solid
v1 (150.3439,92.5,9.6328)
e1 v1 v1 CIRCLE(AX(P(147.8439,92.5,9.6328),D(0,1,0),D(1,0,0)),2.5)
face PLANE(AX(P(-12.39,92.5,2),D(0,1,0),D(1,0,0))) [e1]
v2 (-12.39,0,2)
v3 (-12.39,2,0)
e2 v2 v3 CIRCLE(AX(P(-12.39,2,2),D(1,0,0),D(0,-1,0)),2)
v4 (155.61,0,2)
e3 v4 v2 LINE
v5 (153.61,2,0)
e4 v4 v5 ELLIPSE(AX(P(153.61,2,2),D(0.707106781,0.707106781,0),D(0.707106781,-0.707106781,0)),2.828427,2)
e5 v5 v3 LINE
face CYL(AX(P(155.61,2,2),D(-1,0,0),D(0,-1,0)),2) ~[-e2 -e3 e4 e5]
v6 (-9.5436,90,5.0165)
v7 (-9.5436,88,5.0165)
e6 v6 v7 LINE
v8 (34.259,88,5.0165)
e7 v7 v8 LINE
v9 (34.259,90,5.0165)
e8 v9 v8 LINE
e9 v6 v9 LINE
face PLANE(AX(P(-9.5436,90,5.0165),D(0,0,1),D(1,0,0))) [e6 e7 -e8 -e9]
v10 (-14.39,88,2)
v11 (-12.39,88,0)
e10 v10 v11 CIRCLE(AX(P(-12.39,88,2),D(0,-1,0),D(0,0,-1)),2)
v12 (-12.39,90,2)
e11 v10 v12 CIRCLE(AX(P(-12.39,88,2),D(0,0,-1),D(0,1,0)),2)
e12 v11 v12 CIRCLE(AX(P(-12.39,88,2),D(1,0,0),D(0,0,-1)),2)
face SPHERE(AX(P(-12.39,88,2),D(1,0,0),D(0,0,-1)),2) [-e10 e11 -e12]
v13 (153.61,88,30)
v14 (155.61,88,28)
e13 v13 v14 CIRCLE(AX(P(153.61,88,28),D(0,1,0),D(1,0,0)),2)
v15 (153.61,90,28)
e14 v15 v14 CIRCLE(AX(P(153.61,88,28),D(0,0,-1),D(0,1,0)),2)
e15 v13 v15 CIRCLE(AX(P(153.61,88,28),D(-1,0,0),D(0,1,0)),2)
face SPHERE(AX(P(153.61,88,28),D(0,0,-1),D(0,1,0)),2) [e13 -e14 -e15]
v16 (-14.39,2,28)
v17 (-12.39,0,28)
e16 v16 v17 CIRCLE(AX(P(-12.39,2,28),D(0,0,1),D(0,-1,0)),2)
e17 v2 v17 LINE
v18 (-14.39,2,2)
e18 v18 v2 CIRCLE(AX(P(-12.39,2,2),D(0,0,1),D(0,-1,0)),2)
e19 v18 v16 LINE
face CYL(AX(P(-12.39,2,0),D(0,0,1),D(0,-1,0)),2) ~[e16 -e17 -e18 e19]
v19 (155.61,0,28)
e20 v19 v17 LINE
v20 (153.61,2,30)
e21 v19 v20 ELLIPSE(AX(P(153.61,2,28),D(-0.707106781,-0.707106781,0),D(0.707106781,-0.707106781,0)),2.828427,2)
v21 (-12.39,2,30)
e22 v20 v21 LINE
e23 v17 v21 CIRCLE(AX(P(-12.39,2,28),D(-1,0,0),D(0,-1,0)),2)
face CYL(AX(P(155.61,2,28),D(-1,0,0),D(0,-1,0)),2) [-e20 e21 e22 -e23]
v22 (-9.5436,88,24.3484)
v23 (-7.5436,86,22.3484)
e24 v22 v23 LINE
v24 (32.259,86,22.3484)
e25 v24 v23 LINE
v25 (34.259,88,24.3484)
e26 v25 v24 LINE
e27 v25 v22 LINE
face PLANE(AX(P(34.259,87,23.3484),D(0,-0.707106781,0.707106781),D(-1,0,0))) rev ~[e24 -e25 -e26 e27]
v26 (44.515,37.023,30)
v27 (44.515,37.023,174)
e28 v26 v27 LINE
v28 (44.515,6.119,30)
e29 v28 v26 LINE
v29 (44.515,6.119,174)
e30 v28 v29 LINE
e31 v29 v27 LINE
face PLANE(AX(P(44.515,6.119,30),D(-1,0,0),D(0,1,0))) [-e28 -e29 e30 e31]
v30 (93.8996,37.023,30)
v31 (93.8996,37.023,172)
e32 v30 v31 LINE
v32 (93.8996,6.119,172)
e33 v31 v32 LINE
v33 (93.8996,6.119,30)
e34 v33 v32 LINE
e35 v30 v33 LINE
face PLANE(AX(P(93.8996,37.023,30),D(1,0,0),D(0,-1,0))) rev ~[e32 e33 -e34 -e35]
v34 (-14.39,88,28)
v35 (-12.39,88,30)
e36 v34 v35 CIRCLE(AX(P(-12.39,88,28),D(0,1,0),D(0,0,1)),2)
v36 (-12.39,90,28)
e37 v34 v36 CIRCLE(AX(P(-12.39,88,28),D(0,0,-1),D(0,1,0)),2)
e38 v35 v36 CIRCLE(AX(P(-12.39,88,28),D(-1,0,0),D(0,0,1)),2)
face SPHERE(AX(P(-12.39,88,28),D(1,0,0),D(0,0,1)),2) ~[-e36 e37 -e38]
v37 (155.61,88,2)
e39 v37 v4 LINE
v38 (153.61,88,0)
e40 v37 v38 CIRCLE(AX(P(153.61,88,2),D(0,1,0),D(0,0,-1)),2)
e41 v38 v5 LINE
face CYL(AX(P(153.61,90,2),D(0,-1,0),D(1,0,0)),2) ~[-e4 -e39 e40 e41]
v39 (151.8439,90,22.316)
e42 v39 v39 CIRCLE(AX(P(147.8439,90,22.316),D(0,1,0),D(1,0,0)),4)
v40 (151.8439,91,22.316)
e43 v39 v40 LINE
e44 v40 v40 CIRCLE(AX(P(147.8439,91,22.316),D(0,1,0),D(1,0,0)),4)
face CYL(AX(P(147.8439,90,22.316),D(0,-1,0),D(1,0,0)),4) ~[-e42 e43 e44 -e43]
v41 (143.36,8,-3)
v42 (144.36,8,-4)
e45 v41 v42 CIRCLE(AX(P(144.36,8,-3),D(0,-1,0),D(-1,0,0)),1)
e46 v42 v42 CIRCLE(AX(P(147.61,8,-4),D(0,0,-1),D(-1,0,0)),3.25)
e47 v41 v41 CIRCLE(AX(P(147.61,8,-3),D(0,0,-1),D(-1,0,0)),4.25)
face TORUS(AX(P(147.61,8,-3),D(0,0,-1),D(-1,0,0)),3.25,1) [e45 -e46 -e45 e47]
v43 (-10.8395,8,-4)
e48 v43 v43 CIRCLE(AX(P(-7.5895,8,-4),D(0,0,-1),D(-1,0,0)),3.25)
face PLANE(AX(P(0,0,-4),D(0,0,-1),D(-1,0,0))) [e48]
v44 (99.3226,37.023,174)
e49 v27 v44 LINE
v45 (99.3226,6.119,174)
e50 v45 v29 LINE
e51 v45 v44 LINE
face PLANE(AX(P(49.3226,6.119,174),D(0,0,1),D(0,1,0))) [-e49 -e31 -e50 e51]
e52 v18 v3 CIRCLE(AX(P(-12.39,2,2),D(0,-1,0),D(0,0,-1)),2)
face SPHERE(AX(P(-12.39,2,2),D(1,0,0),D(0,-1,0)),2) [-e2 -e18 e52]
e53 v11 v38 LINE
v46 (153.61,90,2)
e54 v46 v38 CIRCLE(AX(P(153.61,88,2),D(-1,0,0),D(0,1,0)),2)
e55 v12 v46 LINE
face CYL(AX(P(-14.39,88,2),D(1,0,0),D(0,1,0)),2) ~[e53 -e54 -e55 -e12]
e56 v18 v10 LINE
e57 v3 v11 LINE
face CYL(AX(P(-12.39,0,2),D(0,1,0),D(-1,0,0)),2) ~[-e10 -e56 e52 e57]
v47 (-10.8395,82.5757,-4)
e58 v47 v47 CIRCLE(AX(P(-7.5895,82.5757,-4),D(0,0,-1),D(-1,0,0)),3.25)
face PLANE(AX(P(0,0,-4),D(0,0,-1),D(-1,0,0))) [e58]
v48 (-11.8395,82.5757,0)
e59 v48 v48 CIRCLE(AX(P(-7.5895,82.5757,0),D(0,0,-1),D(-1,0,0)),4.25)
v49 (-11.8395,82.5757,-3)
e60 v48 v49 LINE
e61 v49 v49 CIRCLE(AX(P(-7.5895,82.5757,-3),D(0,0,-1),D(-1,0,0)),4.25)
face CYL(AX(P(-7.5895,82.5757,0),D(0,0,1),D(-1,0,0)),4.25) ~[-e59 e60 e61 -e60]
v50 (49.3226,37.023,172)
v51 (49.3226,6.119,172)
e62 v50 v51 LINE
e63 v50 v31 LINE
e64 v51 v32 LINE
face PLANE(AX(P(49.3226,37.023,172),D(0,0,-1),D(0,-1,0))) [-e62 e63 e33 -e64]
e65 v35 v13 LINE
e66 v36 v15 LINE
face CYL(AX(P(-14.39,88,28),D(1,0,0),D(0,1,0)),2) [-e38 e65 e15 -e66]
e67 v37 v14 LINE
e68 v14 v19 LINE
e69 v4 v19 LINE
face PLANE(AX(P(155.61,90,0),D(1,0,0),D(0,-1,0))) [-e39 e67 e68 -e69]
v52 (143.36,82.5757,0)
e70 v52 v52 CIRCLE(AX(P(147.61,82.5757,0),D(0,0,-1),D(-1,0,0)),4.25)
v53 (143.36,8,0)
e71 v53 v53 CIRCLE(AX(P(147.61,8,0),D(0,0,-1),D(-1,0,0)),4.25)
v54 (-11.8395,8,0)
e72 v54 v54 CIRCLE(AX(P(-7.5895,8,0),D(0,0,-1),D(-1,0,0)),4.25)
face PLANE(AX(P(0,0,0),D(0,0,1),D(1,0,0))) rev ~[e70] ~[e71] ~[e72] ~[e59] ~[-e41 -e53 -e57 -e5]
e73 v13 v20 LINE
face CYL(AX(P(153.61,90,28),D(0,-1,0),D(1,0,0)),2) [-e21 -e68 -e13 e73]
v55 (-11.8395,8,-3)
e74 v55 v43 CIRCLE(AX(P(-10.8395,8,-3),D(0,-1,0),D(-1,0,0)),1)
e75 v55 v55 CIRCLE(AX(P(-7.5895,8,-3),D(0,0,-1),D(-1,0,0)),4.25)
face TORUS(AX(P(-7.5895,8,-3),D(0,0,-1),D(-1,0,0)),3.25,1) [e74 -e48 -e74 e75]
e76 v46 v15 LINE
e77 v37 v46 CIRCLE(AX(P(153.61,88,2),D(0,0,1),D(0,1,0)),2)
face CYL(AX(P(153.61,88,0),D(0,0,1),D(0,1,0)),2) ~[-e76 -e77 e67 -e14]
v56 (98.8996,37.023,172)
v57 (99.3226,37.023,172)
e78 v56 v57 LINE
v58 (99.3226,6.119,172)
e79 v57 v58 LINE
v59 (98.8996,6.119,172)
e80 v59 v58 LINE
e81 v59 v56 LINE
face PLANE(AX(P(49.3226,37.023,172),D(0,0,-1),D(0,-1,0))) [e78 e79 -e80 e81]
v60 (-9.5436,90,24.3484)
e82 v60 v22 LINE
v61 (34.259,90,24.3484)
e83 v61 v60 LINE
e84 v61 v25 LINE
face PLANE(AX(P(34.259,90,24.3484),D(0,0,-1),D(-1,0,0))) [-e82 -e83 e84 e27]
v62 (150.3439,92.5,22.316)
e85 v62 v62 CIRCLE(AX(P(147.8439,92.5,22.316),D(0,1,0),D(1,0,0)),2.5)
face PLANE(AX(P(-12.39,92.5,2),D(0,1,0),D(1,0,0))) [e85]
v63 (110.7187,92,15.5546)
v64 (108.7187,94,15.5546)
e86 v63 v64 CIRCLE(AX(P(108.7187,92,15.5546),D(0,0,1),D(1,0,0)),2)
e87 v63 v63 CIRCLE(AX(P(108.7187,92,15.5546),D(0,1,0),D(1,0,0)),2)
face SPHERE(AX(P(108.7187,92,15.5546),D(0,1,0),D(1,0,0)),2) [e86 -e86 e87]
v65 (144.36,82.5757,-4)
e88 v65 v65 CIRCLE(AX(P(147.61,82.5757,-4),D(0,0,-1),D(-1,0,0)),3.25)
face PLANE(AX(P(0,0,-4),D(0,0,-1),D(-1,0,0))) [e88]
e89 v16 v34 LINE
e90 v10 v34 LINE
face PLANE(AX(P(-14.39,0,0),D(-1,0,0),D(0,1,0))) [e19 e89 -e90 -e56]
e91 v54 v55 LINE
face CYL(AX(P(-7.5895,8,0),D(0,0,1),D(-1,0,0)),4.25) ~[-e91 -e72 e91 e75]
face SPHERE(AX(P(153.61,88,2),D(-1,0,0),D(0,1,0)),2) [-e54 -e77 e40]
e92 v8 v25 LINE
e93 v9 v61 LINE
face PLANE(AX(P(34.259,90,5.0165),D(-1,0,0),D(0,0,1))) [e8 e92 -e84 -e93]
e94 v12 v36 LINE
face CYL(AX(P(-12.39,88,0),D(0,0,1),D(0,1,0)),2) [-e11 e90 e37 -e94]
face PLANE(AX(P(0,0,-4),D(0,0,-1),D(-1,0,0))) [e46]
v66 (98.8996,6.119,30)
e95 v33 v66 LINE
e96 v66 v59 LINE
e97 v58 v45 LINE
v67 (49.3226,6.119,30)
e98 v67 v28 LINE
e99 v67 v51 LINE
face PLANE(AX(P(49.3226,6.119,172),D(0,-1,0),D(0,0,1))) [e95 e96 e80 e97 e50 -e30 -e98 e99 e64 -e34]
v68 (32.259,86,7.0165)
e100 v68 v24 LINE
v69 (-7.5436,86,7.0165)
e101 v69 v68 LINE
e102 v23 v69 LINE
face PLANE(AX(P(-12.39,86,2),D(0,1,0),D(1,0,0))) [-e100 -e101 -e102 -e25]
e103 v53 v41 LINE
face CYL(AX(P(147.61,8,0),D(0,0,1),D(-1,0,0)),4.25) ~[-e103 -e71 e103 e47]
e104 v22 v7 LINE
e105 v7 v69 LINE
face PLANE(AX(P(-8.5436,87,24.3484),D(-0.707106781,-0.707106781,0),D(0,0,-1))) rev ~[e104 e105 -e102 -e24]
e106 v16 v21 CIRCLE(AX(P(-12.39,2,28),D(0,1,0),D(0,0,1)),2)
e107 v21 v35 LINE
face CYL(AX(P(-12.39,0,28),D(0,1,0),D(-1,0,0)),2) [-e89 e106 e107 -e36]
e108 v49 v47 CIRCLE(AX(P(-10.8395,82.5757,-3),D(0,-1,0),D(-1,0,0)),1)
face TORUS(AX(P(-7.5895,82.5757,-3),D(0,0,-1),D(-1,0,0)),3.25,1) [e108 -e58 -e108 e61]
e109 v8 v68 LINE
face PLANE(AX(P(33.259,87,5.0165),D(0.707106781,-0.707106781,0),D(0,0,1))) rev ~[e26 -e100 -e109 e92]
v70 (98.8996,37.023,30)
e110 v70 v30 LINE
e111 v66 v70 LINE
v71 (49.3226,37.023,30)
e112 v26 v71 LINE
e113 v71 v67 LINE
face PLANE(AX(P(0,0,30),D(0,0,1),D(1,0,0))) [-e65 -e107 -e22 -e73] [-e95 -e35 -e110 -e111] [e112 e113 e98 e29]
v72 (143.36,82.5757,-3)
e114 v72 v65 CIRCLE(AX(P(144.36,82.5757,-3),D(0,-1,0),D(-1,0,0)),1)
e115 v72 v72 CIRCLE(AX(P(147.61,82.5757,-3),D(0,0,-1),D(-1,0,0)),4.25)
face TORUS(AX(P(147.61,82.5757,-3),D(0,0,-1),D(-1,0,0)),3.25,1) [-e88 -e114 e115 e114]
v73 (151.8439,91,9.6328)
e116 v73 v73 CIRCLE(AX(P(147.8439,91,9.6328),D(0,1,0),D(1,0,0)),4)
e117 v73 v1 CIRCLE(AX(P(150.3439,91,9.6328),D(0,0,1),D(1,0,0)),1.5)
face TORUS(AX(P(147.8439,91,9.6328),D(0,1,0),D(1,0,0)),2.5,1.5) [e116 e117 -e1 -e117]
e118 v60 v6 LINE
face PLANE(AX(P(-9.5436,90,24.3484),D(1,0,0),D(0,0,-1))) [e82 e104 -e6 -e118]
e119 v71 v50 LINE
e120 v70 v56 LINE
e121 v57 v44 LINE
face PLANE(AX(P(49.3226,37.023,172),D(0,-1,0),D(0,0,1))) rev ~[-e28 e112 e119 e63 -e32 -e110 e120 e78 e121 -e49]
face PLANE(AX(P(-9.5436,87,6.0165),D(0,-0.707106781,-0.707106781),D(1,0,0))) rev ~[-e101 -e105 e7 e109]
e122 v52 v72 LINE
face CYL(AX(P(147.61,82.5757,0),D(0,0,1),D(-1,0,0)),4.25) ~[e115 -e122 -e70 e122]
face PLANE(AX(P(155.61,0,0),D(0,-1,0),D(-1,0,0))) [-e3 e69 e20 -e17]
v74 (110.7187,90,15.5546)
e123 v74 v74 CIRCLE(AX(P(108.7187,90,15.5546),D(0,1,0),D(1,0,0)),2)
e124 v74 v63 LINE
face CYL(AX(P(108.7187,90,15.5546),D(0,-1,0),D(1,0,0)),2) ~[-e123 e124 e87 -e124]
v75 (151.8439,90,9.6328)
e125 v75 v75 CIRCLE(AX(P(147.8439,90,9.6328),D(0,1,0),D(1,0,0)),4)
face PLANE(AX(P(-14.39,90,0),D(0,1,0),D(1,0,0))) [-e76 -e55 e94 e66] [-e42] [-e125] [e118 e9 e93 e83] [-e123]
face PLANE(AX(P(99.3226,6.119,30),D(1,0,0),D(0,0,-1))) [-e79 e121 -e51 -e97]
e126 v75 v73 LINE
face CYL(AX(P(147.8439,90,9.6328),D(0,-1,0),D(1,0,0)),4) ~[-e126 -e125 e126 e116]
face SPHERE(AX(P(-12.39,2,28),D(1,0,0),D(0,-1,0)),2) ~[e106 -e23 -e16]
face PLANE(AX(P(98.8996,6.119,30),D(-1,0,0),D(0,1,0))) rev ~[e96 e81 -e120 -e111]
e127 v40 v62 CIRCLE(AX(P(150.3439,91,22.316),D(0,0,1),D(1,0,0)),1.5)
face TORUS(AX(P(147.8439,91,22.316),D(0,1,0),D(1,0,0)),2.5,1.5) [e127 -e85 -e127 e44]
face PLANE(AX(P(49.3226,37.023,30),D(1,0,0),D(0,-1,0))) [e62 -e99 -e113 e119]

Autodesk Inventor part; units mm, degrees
ref_plane "YZ Plane" through (0, 0, 0) normal (1, 0, 0) x (0, 1, 0)
ref_plane "XZ Plane" through (0, 0, 0) normal (0, 1, 0) x (-1, 0, 0)
ref_plane "XY Plane" through (0, 0, 0) normal (0, 0, 1) x (1, 0, 0)
sketch "Sketch1" plane through (0, 0, 0) normal (0, 0, 1) x (1, 0, 0)
  line L0 (-14.39, 90) -> (155.61, 90)
  line L1 (155.61, 90) -> (155.61, 0)
  line L2 (155.61, 0) -> (-14.39, 0)
  line L3 (-14.39, 0) -> (-14.39, 90)
  point P0 (0, 0)
  dimension "d0" = 170
  dimension "d1" = 90
extrude "Extrusion1" add sketch "Sketch1" along normal blind 30
fillet "Fillet1" radius 2 11 edges at (70.61, 90, 0) (155.61, 90, 15) (70.61, 90, 30) (155.61, 45, 0) (155.61, 45, 30) (70.61, 0, 0) (70.61, 0, 30) (-14.39, 0, 15) (-14.39, 45, 30) (-14.39, 45, 0) (-14.39, 90, 15)
sketch "Sketch2" plane through (-12.39, 90, 2) normal (0, 1, 0) x (1, 0, 0)
  circle A0 centre (160.2339, -7.6328) radius 4
  circle A1 centre (160.2339, -20.316) radius 4
  point P0 (12.39, 2)
extrude "Extrusion2" add sketch "Sketch2" along normal blind 2.5
fillet "Fillet2" radius 1.5 2 edges at (143.844, 92.5, 22.316) (143.844, 92.5, 9.6328)
sketch "Sketch3" plane through (0, 0, 0) normal (0, 0, -1) x (-1, 0, 0)
  line L0 (-155.61, 0) -> (-147.61, 0)
  line L1 (12.39, 0) -> (-155.61, 0) projected
  circle A0 centre (-147.61, 82.5757) radius 4.25
  circle A1 centre (-147.61, 8) radius 4.25
  circle A2 centre (7.5895, 8) radius 4.25
  circle A3 centre (7.5895, 82.5757) radius 4.25
  point P0 (0, 0)
extrude "Extrusion3" add sketch "Sketch3" along normal blind 4
fillet "Fillet3" radius 1 4 edges at (151.86, 82.5757, -4) (151.86, 8, -4) (-3.3395, 8, -4) (-3.3395, 82.5757, -4)
sketch "Sketch4" plane through (-12.39, 90, 2) normal (0, 1, 0) x (1, 0, 0)
  line L0 (46.649, -22.3484) -> (2.8464, -22.3484)
  line L1 (2.8464, -22.3484) -> (2.8464, -3.0165)
  line L2 (2.8464, -3.0165) -> (46.649, -3.0165)
  line L3 (46.649, -3.0165) -> (46.649, -22.3484)
  point P0 (12.39, 2)
extrude "Extrusion4" cut sketch "Sketch4" against normal blind 4
chamfer "Chamfer1" distance 2 angle 45 4 edges at (34.259, 86, 14.6824) (12.3577, 86, 5.0165) (-9.5436, 86, 14.6824) (12.3577, 86, 24.3484)
sketch "Sketch5" plane through (-14.39, 2, 2) normal (-1, 0, 0) x (0, 0, 1)
  point P0 (-2, -2)
sketch "Sketch6" plane through (0, 0, 30) normal (0, 0, 1) x (1, 0, 0)
  line L0 (-14.39, 88) -> (-14.39, 2) projected
  line L1 (44.515, 37.023) -> (49.3226, 37.023)
  line L2 (49.3226, 37.023) -> (49.3226, 6.119)
  line L3 (49.3226, 6.119) -> (44.515, 6.119)
  line L4 (44.515, 6.119) -> (44.515, 37.023)
  line L5 (155.61, 0) -> (155.61, 88) projected
  line L6 (98.364, 37.023) -> (93.364, 37.023)
  line L7 (93.364, 37.023) -> (93.364, 6.119)
  line L8 (93.364, 6.119) -> (98.364, 6.119)
  line L9 (98.364, 6.119) -> (98.364, 37.023)
  point P0 (0, 0)
extrude "Extrusion5" add sketch "Sketch6" along normal blind 144 contours L1 L2 L3 L4
sketch "Sketch7" plane through (0, 0, 30) normal (0, 0, 1) x (1, 0, 0)
  line L0 (44.515, 37.023) -> (49.3226, 37.023) projected
  line L1 (49.3226, 6.119) -> (44.515, 6.119) projected
  line L2 (98.8996, 37.023) -> (93.8996, 37.023)
  line L3 (93.8996, 37.023) -> (93.8996, 6.119)
  line L4 (93.8996, 6.119) -> (98.8996, 6.119)
  line L5 (98.8996, 6.119) -> (98.8996, 37.023)
  point P0 (0, 0)
extrude "Extrusion6" add sketch "Sketch7" along normal blind 142
sketch "Sketch8" plane through (49.3226, 6.119, 30) normal (1, 0, 0) x (0, 0, -1)
  line L0 (0, 30.904) -> (-144, 30.904) projected
  line L1 (-142, 30.904) -> (-142, 0) projected
  line L2 (-144, 30.904) -> (-142, 30.904)
  line L3 (-142, 30.904) -> (-142, 0)
  line L4 (-142, 0) -> (-144, 0)
  line L5 (-144, 0) -> (-144, 30.904)
  point P0 (30, -6.119)
extrude "Extrusion7" add sketch "Sketch8" along normal blind 50
sketch "Sketch9" plane through (-12.39, 90, 2) normal (0, 1, 0) x (1, 0, 0)
  circle A0 centre (121.1087, -13.5546) radius 2
  point P0 (12.39, 2)
extrude "Extrusion8" add sketch "Sketch9" along normal blind 4
fillet "Fillet4" radius 2 1 edges at (106.7188, 94, 15.5546)
properties part number "base 2"
